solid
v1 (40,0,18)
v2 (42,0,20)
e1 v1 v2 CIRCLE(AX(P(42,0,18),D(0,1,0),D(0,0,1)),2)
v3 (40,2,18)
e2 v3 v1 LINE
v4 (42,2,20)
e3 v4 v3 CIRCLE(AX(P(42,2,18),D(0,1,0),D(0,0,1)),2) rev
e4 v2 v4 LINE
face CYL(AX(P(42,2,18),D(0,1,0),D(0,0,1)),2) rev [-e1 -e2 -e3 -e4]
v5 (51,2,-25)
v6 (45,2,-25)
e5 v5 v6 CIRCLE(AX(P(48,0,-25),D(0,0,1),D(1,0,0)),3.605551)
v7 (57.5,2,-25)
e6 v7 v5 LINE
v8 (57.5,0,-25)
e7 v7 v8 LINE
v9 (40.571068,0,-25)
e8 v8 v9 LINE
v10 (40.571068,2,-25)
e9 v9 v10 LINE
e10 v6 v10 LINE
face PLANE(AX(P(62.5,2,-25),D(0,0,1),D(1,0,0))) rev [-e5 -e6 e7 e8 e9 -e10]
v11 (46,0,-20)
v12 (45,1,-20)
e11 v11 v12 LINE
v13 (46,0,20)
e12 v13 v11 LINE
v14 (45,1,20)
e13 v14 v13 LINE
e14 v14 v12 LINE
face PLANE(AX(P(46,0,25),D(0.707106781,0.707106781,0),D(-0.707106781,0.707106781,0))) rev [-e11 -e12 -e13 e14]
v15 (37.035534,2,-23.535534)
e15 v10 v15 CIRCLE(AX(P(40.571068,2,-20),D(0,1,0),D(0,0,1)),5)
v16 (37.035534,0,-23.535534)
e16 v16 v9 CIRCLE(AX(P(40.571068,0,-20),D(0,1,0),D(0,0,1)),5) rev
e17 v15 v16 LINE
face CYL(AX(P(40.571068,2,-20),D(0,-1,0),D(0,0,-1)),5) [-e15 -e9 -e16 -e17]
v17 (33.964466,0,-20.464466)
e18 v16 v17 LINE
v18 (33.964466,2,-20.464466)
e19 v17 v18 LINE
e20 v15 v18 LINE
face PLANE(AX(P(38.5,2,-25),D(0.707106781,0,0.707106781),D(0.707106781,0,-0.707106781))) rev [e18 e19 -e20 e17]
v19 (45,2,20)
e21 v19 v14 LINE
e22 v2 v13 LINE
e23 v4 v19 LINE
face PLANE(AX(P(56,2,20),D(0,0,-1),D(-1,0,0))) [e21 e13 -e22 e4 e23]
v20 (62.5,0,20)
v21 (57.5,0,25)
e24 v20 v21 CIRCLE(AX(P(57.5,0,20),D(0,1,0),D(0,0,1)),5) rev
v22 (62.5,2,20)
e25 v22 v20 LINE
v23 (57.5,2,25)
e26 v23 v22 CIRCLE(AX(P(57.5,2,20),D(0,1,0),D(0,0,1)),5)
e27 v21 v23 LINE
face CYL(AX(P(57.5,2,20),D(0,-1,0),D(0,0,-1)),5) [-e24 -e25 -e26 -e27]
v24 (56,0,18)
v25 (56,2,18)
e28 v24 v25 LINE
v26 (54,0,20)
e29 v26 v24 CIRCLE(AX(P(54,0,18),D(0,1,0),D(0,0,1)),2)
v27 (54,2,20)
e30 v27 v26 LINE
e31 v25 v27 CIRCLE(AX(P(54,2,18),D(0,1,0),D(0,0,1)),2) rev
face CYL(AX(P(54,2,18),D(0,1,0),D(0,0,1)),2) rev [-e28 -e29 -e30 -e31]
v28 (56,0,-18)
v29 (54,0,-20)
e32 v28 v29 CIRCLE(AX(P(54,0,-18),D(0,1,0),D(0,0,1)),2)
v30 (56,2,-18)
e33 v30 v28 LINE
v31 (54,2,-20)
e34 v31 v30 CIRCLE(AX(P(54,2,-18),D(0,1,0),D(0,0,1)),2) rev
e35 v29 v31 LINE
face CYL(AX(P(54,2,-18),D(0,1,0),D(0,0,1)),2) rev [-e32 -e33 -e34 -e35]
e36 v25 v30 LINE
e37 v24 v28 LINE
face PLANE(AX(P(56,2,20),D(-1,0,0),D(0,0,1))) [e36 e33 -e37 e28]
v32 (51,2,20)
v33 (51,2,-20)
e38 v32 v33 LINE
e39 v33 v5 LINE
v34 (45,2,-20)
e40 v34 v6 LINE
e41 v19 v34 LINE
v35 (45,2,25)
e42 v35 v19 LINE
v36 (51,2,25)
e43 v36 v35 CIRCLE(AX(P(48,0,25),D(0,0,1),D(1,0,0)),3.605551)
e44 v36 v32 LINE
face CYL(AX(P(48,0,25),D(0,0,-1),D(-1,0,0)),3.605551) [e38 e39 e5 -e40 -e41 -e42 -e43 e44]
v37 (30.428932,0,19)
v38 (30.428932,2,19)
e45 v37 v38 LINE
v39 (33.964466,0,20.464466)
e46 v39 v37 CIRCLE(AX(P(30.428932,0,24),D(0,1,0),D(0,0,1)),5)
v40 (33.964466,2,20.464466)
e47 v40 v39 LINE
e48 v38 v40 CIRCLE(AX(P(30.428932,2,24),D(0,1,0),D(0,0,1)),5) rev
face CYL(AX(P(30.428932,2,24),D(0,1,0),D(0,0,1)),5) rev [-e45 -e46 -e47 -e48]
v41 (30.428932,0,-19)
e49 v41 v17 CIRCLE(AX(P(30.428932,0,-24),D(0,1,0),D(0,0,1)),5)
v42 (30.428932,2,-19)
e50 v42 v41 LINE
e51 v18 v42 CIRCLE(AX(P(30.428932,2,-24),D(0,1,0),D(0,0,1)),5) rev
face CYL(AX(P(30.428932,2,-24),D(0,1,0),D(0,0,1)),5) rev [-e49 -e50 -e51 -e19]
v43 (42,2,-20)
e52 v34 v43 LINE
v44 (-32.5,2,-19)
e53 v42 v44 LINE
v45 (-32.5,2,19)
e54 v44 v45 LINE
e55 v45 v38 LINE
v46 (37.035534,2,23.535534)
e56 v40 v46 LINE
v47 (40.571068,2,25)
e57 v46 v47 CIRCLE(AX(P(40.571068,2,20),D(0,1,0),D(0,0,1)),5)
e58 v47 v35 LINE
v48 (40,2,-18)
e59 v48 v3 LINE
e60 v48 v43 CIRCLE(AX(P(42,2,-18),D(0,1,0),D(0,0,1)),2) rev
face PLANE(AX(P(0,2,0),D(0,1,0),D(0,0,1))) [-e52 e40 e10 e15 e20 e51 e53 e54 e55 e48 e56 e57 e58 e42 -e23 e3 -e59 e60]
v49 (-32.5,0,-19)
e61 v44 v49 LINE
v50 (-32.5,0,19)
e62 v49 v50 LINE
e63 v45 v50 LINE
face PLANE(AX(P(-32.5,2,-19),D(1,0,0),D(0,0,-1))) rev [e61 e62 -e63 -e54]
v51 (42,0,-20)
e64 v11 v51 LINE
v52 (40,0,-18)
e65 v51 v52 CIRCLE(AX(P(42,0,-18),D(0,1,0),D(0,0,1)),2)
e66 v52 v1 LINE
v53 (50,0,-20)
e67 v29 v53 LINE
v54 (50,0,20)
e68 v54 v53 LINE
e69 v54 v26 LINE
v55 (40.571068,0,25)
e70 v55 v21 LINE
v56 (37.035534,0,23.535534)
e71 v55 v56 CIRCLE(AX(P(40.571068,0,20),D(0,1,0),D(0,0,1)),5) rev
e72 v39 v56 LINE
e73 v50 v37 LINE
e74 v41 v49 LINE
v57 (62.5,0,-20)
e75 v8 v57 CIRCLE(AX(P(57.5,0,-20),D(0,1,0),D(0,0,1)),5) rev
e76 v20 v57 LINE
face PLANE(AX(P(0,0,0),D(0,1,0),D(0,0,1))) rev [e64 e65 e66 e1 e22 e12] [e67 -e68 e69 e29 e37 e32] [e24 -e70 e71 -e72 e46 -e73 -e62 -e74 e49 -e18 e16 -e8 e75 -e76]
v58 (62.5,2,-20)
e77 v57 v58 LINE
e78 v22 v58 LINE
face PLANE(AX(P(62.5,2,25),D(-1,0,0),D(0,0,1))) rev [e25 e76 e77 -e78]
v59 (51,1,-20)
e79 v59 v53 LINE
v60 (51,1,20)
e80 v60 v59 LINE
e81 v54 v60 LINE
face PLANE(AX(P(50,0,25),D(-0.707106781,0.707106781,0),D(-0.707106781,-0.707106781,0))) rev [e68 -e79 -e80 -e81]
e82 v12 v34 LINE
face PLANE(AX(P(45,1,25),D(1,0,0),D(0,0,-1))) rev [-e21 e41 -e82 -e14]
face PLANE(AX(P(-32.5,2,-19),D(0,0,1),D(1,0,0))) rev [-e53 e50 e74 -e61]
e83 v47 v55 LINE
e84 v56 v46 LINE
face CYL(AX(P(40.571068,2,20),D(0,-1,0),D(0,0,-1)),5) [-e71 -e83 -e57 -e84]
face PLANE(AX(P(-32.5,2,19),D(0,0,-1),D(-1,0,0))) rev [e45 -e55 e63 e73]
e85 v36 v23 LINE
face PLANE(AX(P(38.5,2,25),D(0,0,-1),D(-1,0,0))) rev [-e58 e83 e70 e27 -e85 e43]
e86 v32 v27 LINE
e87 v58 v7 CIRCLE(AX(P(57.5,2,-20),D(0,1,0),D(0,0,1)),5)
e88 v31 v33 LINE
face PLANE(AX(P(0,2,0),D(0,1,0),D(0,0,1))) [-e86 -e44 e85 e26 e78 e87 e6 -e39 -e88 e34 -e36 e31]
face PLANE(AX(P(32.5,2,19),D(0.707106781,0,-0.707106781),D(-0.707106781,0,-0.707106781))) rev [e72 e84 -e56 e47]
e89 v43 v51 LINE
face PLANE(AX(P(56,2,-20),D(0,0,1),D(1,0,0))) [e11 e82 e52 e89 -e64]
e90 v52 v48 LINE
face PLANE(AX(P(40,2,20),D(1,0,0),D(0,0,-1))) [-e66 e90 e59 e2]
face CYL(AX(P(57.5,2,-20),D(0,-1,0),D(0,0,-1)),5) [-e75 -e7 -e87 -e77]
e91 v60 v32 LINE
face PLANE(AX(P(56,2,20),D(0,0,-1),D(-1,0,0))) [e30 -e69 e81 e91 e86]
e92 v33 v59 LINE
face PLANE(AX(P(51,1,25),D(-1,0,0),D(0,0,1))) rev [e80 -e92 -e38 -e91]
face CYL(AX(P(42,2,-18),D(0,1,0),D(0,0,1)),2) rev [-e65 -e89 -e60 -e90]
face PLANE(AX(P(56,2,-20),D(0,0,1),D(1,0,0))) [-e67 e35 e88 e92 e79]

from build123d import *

# Parameters (mm, degrees)
SKETCH1_W           = 16
SKETCH1_H           = 40
BOSS_EXTRUDE1_DEPTH = 2
FILLET1_R           = 5
FILLET2_R           = 2
BOSS_EXTRUDE2_DEPTH = 25


with BuildPart() as part:
    # Sketch1 → Boss-Extrude1 (new body)
    with BuildSketch(Plane(origin=(0, 0, 0), x_dir=(1, 0, 0), z_dir=(0, 1, 0))):
        Polygon((32.5, -19), (38.5, -25), (62.5, -25), (62.5, 25), (38.5, 25), (32.5, 19), (-32.5, 19), (-32.5, -19), align=None)
        with Locations((48, 0)):
            Rectangle(SKETCH1_W, SKETCH1_H, mode=Mode.SUBTRACT)
    extrude(amount=BOSS_EXTRUDE1_DEPTH)

    # Fillet1
    fillet1_edges = [part.edges().sort_by_distance(p)[0] for p in [
        (32.5, 1, -19),
        (38.5, 1, -25),
        (62.5, 1, -25),
        (62.5, 1, 25),
        (38.5, 1, 25),
        (32.5, 1, 19),
    ]]
    fillet(fillet1_edges, radius=FILLET1_R)

    # Fillet2
    fillet2_edges = [part.edges().sort_by_distance(p)[0] for p in [
        (40, 1, -20),
        (40, 1, 20),
        (56, 1, 20),
        (56, 1, -20),
    ]]
    fillet(fillet2_edges, radius=FILLET2_R)

    # Sketch2 → Boss-Extrude2 (add, symmetric)
    with BuildSketch(Plane.XY):
        with BuildLine():
            Line((46, 0), (50, 0))
            Line((50, 0), (51, 1))
            Line((51, 1), (51, 2))
            ThreePointArc((51, 2), (48, 3.605551275), (45, 2))
            Line((45, 2), (45, 1))
            Line((45, 1), (46, 0))
        make_face()
    extrude(amount=BOSS_EXTRUDE2_DEPTH, both=True)


solid = part.part
